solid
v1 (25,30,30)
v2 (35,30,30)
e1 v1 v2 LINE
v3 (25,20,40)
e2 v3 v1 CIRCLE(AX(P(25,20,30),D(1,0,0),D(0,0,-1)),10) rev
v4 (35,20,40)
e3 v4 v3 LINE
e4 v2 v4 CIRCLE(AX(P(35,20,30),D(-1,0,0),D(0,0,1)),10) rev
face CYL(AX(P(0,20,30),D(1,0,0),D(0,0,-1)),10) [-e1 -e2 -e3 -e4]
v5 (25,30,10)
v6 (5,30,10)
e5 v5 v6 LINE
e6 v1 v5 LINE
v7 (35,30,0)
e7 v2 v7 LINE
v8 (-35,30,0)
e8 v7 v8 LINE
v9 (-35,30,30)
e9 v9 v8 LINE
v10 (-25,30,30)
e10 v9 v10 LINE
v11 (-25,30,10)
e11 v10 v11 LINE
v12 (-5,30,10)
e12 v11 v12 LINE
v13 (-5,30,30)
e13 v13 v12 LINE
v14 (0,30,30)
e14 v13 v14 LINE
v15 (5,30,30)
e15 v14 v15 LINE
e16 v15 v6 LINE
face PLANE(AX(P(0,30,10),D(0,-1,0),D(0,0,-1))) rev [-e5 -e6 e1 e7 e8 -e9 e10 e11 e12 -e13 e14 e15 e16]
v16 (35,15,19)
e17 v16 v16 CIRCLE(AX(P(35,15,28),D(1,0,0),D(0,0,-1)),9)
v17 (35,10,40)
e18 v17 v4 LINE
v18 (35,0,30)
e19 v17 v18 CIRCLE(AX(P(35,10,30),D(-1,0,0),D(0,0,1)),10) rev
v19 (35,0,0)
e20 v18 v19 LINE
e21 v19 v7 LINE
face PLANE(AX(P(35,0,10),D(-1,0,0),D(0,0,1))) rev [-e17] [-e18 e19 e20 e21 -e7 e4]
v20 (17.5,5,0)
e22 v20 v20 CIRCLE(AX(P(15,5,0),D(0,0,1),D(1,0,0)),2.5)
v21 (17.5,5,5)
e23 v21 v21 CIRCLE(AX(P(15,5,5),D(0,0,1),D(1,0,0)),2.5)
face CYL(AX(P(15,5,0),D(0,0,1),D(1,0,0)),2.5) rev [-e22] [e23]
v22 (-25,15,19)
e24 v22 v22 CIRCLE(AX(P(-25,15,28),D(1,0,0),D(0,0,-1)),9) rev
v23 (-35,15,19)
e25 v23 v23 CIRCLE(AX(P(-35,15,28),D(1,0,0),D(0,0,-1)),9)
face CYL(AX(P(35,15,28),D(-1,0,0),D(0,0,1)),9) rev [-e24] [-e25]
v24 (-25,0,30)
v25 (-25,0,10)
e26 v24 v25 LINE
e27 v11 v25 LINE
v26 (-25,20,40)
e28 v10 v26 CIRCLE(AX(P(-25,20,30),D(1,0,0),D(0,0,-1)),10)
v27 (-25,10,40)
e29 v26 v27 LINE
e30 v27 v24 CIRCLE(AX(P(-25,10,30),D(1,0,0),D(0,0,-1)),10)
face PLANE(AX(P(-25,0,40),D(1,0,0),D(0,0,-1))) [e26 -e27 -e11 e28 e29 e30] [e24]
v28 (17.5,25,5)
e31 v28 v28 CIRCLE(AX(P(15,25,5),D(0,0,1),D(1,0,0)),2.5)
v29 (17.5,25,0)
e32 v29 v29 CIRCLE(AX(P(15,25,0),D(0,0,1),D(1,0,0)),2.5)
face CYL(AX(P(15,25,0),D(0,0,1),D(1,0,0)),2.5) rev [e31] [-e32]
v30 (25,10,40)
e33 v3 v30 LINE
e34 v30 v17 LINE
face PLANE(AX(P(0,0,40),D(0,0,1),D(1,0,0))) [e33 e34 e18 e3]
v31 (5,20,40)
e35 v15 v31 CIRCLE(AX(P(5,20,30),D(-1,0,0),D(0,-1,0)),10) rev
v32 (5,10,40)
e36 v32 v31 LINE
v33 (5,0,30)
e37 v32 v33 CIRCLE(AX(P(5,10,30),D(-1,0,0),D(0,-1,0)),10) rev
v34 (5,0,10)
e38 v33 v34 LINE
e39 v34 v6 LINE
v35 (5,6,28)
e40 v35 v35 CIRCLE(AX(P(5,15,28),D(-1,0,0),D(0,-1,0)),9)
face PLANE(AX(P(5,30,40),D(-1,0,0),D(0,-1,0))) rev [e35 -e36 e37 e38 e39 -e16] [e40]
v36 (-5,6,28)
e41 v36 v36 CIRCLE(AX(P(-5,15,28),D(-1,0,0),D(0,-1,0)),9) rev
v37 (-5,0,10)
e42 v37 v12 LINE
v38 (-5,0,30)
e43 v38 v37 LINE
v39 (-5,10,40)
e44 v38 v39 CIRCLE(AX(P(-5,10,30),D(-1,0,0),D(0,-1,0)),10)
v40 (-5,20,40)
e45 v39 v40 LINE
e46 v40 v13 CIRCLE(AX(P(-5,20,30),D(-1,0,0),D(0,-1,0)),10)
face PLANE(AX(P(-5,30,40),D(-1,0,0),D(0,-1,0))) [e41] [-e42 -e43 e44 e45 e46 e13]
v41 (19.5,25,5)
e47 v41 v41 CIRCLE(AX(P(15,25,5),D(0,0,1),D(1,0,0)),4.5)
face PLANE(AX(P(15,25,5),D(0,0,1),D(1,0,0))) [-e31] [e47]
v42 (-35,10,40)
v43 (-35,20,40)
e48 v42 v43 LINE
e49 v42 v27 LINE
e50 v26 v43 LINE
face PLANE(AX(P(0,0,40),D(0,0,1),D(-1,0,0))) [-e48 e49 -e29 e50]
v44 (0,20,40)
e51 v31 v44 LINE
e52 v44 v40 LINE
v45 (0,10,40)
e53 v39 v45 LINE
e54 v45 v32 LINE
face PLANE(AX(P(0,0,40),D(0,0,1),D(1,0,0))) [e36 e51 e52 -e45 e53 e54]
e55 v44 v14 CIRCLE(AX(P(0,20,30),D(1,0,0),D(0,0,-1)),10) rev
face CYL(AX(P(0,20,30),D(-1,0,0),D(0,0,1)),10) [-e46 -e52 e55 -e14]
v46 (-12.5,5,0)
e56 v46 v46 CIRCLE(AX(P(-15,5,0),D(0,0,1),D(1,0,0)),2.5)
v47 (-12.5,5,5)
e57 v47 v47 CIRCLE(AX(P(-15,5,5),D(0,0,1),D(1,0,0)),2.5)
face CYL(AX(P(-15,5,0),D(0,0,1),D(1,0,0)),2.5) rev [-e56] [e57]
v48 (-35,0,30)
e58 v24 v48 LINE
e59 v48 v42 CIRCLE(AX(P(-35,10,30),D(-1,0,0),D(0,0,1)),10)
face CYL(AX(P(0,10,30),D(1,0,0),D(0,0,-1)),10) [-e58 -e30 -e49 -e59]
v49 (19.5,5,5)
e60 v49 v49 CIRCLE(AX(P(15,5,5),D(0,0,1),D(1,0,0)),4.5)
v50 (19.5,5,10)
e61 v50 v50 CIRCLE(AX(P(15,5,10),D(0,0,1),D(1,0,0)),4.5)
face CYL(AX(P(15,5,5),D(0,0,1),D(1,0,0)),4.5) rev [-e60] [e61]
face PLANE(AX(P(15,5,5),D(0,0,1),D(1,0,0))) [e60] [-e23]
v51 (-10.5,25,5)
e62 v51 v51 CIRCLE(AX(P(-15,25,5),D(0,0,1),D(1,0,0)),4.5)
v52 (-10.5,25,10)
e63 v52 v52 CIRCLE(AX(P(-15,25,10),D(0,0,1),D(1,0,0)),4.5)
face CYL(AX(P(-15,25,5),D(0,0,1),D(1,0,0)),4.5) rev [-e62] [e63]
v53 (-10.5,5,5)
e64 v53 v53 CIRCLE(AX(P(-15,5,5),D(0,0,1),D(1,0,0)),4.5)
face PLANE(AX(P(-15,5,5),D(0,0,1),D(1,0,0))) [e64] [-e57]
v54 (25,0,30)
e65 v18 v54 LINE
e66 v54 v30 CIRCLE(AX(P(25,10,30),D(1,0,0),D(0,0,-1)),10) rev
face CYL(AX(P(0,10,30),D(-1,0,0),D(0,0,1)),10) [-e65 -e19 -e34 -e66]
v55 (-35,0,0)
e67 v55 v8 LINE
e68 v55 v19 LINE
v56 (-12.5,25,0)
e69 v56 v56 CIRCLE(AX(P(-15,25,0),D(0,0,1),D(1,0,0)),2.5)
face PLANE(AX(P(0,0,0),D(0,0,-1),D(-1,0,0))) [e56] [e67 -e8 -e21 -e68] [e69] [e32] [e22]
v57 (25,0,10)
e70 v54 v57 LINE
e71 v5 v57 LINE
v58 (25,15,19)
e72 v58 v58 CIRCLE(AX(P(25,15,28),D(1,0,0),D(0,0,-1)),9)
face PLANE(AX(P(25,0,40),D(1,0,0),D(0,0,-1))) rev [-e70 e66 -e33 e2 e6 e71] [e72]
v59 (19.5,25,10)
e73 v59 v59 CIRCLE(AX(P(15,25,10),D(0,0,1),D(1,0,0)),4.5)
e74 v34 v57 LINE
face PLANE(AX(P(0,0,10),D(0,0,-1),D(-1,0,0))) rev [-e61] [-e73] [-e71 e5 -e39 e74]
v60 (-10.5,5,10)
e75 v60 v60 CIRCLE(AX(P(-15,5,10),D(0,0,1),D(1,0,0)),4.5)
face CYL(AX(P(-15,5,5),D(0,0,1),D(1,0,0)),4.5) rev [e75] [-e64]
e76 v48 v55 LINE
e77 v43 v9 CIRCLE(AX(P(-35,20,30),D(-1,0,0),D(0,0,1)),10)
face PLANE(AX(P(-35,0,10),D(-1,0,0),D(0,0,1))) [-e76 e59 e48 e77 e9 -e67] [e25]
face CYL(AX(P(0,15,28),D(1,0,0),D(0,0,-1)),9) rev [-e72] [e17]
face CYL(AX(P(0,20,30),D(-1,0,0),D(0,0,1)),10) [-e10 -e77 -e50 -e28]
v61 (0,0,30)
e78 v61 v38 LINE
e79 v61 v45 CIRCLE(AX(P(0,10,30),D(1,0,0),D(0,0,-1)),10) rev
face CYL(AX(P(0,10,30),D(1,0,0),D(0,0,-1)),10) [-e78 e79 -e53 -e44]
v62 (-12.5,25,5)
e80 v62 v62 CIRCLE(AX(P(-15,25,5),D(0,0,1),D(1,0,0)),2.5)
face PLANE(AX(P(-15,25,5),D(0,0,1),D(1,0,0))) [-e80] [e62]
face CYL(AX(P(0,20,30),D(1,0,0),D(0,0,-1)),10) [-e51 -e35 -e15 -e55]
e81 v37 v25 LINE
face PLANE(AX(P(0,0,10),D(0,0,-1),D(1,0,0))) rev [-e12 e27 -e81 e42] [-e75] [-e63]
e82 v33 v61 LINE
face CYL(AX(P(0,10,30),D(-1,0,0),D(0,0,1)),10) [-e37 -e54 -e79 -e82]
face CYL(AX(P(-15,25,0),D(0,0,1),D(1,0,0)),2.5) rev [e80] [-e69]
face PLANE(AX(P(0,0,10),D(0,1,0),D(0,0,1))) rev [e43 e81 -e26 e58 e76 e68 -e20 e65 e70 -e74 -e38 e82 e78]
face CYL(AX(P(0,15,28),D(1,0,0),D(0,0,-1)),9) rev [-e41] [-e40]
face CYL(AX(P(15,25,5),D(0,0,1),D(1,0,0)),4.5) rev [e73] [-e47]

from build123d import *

# Parameters (mm, degrees)
SZKIC1_W                    = 35
SZKIC1_H                    = 30
DODANIE_WYCI_GNI_CIE1_DEPTH = 10
SZKIC2_W                    = 5
SZKIC2_H                    = 30
SZKIC2_W_2                  = 10
DODANIE_WYCI_GNI_CIE2_DEPTH = 30
SZKIC3_R                    = 9
WYTNIJ_WYCI_GNI_CIE1_DEPTH  = 62.032778079
ZAOKR_GLENIE1_R             = 10
ZAOKR_GLENIE1_OF_LUSTRO1_R  = 10
SZKIC4_R                    = 2.5
WYTNIJ_WYCI_GNI_CIE2_DEPTH  = 56
SZKIC5_R                    = 4.5
SZKIC5_R_2                  = 2.5
WYTNIJ_WYCI_GNI_CIE3_DEPTH  = 5


with BuildPart() as part:
    # Szkic1 → Dodanie-wyciągnięcie1 (new body)
    with BuildSketch(Plane.XY):
        with Locations((17.5, 15)):
            Rectangle(SZKIC1_W, SZKIC1_H)
    dodanie_wyci_gni_cie1 = extrude(amount=DODANIE_WYCI_GNI_CIE1_DEPTH)

    # Szkic2 → Dodanie-wyciągnięcie2 (add)
    with BuildSketch(Plane.XY.offset(10)):
        with Locations((2.5, 15)):
            Rectangle(SZKIC2_W, SZKIC2_H)
        with Locations((30, 15)):
            Rectangle(SZKIC2_W_2, SZKIC2_H)
    dodanie_wyci_gni_cie2 = extrude(amount=DODANIE_WYCI_GNI_CIE2_DEPTH)

    # Szkic3 → Wytnij-wyciągnięcie1 (cut, through all)
    with BuildSketch(Plane(origin=(35, 0, 0), x_dir=(0, 0, -1), z_dir=(1, 0, 0))):
        with Locations((-28, 15)):
            Circle(SZKIC3_R)
    wytnij_wyci_gni_cie1 = extrude(amount=-WYTNIJ_WYCI_GNI_CIE1_DEPTH, mode=Mode.SUBTRACT)

    # Zaokrąglenie1
    zaokr_glenie1_edges = [part.edges().sort_by_distance(p)[0] for p in [
        (2.5, 0, 40),
        (2.5, 30, 40),
        (30, 30, 40),
        (30, 0, 40),
    ]]
    fillet(zaokr_glenie1_edges, radius=ZAOKR_GLENIE1_R)

    # Lustro1: Dodanie-wyciągnięcie1, Dodanie-wyciągnięcie2, Wytnij-wyciągnięcie1 across plane
    add(dodanie_wyci_gni_cie1.mirror(Plane(origin=(0, 0, 10), x_dir=(0, 0, 1), z_dir=(1, 0, 0))))
    add(dodanie_wyci_gni_cie2.mirror(Plane(origin=(0, 0, 10), x_dir=(0, 0, 1), z_dir=(1, 0, 0))))
    add(wytnij_wyci_gni_cie1.mirror(Plane(origin=(0, 0, 10), x_dir=(0, 0, 1), z_dir=(1, 0, 0))), mode=Mode.SUBTRACT)

    # Zaokrąglenie1 of Lustro1
    zaokr_glenie1_of_lustro1_edges = [part.edges().sort_by_distance(p)[0] for p in [
        (-2.5, 0, 40),
        (-2.5, 30, 40),
        (-30, 30, 40),
        (-30, 0, 40),
    ]]
    fillet(zaokr_glenie1_of_lustro1_edges, radius=ZAOKR_GLENIE1_OF_LUSTRO1_R)

    # Szkic4 → Wytnij-wyciągnięcie2 (cut, through all)
    with BuildSketch(Plane.XY.offset(10)):
        with Locations((-15, 25)):
            Circle(SZKIC4_R)
        with Locations((15, 25)):
            Circle(SZKIC4_R)
        with Locations((15, 5)):
            Circle(SZKIC4_R)
        with Locations((-15, 5)):
            Circle(SZKIC4_R)
    extrude(amount=-WYTNIJ_WYCI_GNI_CIE2_DEPTH, mode=Mode.SUBTRACT)

    # Szkic5 → Wytnij-wyciągnięcie3 (cut)
    # profile 1 of 4: a face of its own
    with BuildSketch(Plane.XY.offset(10)):
        with Locations((-15, 25)):
            Circle(SZKIC5_R)
        with Locations((-15, 25)):
            Circle(SZKIC5_R_2, mode=Mode.SUBTRACT)
    # profile 2 of 4: a face of its own
    with BuildSketch(Plane.XY.offset(10)):
        with Locations((15, 25)):
            Circle(SZKIC5_R)
        with Locations((15, 25)):
            Circle(SZKIC5_R_2, mode=Mode.SUBTRACT)
    # profile 3 of 4: a face of its own
    with BuildSketch(Plane.XY.offset(10)):
        with Locations((15, 5)):
            Circle(SZKIC5_R)
        with Locations((15, 5)):
            Circle(SZKIC5_R_2, mode=Mode.SUBTRACT)
    # profile 4 of 4: a face of its own
    with BuildSketch(Plane.XY.offset(10)):
        with Locations((-15, 5)):
            Circle(SZKIC5_R)
        with Locations((-15, 5)):
            Circle(SZKIC5_R_2, mode=Mode.SUBTRACT)
    extrude(amount=-WYTNIJ_WYCI_GNI_CIE3_DEPTH, mode=Mode.SUBTRACT)


solid = part.part
